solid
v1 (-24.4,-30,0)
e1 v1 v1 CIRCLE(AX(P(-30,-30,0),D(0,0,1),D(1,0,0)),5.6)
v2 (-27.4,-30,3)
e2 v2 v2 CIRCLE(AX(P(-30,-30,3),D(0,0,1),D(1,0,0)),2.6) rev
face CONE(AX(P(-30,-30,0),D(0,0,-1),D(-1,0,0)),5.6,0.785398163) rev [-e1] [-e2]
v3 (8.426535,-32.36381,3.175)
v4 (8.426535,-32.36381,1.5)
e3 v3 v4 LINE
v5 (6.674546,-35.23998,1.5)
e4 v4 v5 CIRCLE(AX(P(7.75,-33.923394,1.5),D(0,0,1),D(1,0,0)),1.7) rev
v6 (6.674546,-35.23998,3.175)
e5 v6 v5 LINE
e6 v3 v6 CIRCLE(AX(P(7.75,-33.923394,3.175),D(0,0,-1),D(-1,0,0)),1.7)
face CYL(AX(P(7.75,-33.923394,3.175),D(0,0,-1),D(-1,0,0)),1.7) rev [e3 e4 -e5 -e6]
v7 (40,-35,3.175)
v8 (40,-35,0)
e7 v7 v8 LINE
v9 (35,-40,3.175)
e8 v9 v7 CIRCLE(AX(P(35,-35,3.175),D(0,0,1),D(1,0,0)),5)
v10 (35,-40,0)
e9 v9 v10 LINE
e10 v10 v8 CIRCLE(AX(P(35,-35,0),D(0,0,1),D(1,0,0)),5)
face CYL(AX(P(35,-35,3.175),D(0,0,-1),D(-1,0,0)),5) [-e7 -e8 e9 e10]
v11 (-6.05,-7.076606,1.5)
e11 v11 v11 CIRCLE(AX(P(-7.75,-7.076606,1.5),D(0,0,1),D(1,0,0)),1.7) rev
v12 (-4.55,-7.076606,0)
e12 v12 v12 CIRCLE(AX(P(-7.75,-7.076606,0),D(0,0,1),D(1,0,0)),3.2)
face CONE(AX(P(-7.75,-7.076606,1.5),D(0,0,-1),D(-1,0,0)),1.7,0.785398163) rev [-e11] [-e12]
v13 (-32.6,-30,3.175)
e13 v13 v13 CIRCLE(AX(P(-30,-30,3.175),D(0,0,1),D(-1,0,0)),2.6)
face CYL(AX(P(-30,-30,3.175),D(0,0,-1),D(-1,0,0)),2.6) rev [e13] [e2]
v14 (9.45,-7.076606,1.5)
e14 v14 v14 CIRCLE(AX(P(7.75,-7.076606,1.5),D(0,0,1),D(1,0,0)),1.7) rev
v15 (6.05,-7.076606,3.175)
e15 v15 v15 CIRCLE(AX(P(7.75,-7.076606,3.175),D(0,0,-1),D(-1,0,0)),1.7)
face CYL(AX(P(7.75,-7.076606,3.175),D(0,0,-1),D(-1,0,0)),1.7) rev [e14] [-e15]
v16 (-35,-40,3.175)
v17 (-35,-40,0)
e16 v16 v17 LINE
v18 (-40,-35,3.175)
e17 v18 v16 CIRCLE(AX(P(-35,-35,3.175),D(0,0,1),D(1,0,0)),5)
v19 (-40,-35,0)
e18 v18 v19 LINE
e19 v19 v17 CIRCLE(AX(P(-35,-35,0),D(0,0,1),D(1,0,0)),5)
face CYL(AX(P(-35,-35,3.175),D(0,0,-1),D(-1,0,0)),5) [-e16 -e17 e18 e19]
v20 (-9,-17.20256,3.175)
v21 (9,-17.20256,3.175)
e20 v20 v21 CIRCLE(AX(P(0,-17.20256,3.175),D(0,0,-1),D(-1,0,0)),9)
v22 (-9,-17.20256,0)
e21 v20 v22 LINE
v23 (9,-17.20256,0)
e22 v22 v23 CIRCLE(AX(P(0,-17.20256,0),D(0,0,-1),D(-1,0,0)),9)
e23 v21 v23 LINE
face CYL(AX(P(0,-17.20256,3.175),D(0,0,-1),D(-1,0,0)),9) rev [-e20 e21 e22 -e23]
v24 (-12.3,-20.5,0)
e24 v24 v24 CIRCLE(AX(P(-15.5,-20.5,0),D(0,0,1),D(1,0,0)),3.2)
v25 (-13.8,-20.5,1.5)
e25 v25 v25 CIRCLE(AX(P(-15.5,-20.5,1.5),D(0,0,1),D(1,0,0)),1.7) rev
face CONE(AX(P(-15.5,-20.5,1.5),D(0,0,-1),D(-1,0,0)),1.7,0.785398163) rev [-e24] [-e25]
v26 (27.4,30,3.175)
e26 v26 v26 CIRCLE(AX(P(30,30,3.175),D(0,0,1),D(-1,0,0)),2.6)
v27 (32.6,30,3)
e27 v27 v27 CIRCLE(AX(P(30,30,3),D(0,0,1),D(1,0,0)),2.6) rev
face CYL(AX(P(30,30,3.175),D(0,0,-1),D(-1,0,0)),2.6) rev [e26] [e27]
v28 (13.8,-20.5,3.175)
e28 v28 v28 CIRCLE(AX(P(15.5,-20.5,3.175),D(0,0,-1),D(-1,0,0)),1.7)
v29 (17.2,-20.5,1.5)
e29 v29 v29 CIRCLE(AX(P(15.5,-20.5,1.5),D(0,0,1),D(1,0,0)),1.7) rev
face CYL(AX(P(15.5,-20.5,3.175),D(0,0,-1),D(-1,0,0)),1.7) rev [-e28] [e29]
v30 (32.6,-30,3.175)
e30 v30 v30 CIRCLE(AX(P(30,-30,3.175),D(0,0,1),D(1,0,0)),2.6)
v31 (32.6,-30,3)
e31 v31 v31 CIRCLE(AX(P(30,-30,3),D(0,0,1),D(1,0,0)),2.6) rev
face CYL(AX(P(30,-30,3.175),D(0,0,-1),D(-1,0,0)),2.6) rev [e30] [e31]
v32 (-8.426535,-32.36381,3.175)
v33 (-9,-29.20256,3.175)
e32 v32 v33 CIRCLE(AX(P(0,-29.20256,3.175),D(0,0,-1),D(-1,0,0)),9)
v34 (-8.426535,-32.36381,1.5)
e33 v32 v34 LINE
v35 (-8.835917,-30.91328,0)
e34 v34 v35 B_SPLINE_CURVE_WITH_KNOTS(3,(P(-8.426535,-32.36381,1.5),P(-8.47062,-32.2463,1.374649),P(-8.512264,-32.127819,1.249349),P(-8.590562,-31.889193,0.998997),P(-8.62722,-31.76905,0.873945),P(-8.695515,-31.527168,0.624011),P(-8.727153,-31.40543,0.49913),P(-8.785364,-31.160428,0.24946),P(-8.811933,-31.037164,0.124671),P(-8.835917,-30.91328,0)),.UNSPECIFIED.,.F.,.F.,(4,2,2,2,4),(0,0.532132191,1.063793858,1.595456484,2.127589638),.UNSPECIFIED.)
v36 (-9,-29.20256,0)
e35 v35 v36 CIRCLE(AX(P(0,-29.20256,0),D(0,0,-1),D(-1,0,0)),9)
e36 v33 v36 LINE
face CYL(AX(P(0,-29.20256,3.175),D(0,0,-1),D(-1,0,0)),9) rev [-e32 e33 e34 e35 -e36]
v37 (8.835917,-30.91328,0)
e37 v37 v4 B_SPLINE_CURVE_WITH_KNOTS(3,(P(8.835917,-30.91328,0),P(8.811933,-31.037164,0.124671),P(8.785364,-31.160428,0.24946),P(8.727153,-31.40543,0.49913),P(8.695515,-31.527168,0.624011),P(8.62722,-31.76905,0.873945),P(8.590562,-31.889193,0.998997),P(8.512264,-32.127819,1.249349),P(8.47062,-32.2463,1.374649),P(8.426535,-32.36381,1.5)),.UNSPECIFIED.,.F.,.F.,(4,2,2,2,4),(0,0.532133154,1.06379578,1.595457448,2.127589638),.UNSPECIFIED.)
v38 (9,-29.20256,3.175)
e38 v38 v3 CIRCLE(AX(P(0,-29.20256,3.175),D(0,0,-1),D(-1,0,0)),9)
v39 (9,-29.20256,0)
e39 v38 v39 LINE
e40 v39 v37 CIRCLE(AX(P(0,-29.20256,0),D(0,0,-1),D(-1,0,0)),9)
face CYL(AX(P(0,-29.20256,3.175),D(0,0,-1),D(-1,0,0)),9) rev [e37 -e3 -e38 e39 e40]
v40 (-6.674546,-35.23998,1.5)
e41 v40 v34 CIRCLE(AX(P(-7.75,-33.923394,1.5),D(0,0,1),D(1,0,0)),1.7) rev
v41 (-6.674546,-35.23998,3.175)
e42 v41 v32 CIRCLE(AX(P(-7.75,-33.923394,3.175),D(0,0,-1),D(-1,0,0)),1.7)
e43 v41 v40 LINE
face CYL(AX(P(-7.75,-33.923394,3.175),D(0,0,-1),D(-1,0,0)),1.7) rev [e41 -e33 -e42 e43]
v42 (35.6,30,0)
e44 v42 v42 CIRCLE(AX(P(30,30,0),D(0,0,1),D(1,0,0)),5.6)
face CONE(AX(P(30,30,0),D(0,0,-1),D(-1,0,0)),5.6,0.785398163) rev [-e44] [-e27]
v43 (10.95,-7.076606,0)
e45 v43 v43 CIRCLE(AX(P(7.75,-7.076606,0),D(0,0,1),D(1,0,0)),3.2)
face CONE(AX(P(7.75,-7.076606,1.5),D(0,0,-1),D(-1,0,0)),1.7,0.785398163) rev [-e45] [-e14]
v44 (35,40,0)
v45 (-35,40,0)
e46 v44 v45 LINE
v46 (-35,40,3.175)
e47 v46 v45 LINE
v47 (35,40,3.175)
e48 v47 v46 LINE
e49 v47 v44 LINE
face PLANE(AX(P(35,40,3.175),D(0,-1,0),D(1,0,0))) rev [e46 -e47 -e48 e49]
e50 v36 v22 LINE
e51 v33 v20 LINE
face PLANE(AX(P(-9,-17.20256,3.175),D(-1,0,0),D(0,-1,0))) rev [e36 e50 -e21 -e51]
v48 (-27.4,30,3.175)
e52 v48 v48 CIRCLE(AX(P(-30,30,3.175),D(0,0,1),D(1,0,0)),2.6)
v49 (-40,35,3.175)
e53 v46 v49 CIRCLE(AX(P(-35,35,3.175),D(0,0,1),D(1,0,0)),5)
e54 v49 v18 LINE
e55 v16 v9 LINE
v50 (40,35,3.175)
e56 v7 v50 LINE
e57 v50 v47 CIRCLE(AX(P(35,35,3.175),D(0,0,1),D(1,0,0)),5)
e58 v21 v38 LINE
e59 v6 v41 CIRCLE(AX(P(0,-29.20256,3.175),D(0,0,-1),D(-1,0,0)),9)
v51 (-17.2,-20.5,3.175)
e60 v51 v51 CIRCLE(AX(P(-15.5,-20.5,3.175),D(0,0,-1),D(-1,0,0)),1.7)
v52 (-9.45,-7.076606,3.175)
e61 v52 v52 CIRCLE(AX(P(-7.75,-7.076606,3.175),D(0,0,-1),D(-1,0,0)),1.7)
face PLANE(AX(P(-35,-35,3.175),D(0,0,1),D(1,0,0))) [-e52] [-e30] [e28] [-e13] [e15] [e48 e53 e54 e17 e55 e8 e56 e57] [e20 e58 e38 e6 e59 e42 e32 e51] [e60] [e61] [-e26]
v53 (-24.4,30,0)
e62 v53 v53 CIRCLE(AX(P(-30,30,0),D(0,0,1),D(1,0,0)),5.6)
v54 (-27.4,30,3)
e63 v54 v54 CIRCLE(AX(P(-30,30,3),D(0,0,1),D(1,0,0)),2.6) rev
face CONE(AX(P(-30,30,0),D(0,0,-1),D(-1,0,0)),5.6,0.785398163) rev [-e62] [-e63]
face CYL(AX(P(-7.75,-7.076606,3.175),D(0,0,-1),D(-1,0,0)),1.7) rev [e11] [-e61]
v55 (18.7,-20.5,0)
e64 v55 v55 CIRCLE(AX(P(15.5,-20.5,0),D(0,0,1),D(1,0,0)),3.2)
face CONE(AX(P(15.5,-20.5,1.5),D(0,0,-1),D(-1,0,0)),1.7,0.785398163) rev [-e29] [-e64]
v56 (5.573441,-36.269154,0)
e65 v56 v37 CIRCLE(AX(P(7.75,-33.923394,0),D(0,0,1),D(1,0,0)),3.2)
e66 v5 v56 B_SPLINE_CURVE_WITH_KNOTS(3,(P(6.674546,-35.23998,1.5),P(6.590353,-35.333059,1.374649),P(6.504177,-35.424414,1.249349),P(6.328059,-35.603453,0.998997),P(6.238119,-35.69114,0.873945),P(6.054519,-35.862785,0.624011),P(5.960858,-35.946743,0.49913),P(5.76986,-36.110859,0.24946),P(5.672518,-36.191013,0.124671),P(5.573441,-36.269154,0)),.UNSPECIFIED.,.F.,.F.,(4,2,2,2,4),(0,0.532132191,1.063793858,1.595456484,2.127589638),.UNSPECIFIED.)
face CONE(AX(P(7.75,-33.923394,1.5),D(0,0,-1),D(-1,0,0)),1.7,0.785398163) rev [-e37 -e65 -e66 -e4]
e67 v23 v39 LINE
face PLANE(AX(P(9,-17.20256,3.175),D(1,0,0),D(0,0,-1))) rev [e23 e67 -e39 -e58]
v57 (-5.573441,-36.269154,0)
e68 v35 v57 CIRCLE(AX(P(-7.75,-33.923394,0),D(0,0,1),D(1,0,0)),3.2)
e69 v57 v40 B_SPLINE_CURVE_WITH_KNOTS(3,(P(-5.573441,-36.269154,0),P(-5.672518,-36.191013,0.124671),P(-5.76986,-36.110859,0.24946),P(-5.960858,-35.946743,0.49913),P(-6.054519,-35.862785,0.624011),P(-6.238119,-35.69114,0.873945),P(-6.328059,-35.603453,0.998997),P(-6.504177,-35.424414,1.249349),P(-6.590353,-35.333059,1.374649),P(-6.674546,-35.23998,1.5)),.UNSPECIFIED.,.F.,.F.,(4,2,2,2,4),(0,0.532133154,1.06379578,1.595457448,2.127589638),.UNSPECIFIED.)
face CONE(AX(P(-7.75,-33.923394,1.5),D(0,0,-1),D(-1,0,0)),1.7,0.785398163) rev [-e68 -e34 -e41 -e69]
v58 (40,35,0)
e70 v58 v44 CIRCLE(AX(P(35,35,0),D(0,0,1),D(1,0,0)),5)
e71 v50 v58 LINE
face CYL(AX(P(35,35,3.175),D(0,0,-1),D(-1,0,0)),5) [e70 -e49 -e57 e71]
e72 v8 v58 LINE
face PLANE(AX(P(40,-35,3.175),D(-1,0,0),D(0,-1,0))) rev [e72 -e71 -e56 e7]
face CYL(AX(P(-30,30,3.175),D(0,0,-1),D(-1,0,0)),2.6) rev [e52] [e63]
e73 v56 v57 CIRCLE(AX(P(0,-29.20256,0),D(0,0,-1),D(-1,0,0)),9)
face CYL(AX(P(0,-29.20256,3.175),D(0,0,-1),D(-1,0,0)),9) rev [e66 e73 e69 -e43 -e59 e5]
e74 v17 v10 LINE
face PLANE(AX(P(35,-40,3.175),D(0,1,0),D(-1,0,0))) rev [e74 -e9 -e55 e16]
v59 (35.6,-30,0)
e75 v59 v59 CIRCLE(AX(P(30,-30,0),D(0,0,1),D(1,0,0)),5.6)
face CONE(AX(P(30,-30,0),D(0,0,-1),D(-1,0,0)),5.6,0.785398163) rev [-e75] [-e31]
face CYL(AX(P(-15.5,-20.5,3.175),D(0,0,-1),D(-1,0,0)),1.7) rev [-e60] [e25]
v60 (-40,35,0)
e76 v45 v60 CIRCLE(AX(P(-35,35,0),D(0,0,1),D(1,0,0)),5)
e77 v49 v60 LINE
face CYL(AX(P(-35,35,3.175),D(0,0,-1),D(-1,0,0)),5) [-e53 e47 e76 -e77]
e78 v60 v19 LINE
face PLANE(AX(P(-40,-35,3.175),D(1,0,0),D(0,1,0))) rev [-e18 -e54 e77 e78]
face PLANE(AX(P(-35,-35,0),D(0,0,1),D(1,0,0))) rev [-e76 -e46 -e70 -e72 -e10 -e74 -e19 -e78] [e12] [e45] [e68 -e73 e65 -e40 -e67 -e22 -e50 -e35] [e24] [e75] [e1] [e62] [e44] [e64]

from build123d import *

# Parameters (mm, degrees)
SKETCH1_R           = 2.6
BOSS_EXTRUDE1_DEPTH = 3.175
CHAMFER1_SIZE       = 3
SKETCH4_R           = 1.7
CUT_EXTRUDE2_DEPTH  = 4.175
CHAMFER2_SIZE       = 1.5


with BuildPart() as part:
    # Sketch1 → Boss-Extrude1 (new body)
    with BuildSketch(Plane.XY):
        with BuildLine():
            Line((35, -40), (-35, -40))
            ThreePointArc((-35, -40), (-38.535533906, -38.535533906), (-40, -35))
            Line((-40, -35), (-40, 35))
            ThreePointArc((-40, 35), (-38.535533906, 38.535533906), (-35, 40))
            Line((-35, 40), (35, 40))
            ThreePointArc((35, 40), (38.535533906, 38.535533906), (40, 35))
            Line((40, 35), (40, -35))
            ThreePointArc((40, -35), (38.535533906, -38.535533906), (35, -40))
        make_face()
        with Locations((-30, 30)):
            Circle(SKETCH1_R, mode=Mode.SUBTRACT)
        with Locations((30, 30)):
            Circle(SKETCH1_R, mode=Mode.SUBTRACT)
        with Locations((30, -30)):
            Circle(SKETCH1_R, mode=Mode.SUBTRACT)
        with Locations((-30, -30)):
            Circle(SKETCH1_R, mode=Mode.SUBTRACT)
    extrude(amount=BOSS_EXTRUDE1_DEPTH)

    # Chamfer1
    chamfer1_edges = [part.edges().sort_by_distance(p)[0] for p in [
        (-32.6, 30, 0),
        (27.4, 30, 0),
        (27.4, -30, 0),
        (-32.6, -30, 0),
    ]]
    chamfer(chamfer1_edges, length=CHAMFER1_SIZE)

    # Sketch4 → Cut-Extrude2 (cut, through all)
    with BuildSketch(Plane(origin=(0, 0, 0), x_dir=(-1, 0, 0), z_dir=(0, 0, -1))):
        with Locations((-15.5, -20.5)):
            Circle(SKETCH4_R)
        with Locations((-7.75, -7.076606241)):
            Circle(SKETCH4_R)
        with Locations((7.75, -7.076606241)):
            Circle(SKETCH4_R)
        with Locations((15.5, -20.5)):
            Circle(SKETCH4_R)
        with BuildLine():
            Line((9, -17.202559976), (9, -29.202559976))
            ThreePointArc((9, -29.202559976), (8.855473359, -30.808981962), (8.426535201, -32.363810442))
            ThreePointArc((8.426535201, -32.363810442), (9.201851044, -34.807774076), (6.674545917, -35.23997969))
            ThreePointArc((6.674545917, -35.23997969), (0, -38.202559976), (-6.674545917, -35.23997969))
            ThreePointArc((-6.674545917, -35.23997969), (-9.201851044, -34.807774076), (-8.426535201, -32.363810442))
            ThreePointArc((-8.426535201, -32.363810442), (-8.855473359, -30.808981962), (-9, -29.202559976))
            Line((-9, -29.202559976), (-9, -17.202559976))
            ThreePointArc((-9, -17.202559976), (0, -8.202559976), (9, -17.202559976))
        make_face()
    extrude(amount=-CUT_EXTRUDE2_DEPTH, mode=Mode.SUBTRACT)

    # Chamfer2
    chamfer2_edges = [part.edges().sort_by_distance(p)[0] for p in [
        (17.2, -20.5, 0),
        (9.45, -7.076606241, 0),
        (-13.8, -20.5, 0),
        (9.201851044, -34.807774076, 0),
        (-9.201851044, -34.807774076, 0),
        (-6.05, -7.076606241, 0),
    ]]
    chamfer(chamfer2_edges, length=CHAMFER2_SIZE)


solid = part.part
